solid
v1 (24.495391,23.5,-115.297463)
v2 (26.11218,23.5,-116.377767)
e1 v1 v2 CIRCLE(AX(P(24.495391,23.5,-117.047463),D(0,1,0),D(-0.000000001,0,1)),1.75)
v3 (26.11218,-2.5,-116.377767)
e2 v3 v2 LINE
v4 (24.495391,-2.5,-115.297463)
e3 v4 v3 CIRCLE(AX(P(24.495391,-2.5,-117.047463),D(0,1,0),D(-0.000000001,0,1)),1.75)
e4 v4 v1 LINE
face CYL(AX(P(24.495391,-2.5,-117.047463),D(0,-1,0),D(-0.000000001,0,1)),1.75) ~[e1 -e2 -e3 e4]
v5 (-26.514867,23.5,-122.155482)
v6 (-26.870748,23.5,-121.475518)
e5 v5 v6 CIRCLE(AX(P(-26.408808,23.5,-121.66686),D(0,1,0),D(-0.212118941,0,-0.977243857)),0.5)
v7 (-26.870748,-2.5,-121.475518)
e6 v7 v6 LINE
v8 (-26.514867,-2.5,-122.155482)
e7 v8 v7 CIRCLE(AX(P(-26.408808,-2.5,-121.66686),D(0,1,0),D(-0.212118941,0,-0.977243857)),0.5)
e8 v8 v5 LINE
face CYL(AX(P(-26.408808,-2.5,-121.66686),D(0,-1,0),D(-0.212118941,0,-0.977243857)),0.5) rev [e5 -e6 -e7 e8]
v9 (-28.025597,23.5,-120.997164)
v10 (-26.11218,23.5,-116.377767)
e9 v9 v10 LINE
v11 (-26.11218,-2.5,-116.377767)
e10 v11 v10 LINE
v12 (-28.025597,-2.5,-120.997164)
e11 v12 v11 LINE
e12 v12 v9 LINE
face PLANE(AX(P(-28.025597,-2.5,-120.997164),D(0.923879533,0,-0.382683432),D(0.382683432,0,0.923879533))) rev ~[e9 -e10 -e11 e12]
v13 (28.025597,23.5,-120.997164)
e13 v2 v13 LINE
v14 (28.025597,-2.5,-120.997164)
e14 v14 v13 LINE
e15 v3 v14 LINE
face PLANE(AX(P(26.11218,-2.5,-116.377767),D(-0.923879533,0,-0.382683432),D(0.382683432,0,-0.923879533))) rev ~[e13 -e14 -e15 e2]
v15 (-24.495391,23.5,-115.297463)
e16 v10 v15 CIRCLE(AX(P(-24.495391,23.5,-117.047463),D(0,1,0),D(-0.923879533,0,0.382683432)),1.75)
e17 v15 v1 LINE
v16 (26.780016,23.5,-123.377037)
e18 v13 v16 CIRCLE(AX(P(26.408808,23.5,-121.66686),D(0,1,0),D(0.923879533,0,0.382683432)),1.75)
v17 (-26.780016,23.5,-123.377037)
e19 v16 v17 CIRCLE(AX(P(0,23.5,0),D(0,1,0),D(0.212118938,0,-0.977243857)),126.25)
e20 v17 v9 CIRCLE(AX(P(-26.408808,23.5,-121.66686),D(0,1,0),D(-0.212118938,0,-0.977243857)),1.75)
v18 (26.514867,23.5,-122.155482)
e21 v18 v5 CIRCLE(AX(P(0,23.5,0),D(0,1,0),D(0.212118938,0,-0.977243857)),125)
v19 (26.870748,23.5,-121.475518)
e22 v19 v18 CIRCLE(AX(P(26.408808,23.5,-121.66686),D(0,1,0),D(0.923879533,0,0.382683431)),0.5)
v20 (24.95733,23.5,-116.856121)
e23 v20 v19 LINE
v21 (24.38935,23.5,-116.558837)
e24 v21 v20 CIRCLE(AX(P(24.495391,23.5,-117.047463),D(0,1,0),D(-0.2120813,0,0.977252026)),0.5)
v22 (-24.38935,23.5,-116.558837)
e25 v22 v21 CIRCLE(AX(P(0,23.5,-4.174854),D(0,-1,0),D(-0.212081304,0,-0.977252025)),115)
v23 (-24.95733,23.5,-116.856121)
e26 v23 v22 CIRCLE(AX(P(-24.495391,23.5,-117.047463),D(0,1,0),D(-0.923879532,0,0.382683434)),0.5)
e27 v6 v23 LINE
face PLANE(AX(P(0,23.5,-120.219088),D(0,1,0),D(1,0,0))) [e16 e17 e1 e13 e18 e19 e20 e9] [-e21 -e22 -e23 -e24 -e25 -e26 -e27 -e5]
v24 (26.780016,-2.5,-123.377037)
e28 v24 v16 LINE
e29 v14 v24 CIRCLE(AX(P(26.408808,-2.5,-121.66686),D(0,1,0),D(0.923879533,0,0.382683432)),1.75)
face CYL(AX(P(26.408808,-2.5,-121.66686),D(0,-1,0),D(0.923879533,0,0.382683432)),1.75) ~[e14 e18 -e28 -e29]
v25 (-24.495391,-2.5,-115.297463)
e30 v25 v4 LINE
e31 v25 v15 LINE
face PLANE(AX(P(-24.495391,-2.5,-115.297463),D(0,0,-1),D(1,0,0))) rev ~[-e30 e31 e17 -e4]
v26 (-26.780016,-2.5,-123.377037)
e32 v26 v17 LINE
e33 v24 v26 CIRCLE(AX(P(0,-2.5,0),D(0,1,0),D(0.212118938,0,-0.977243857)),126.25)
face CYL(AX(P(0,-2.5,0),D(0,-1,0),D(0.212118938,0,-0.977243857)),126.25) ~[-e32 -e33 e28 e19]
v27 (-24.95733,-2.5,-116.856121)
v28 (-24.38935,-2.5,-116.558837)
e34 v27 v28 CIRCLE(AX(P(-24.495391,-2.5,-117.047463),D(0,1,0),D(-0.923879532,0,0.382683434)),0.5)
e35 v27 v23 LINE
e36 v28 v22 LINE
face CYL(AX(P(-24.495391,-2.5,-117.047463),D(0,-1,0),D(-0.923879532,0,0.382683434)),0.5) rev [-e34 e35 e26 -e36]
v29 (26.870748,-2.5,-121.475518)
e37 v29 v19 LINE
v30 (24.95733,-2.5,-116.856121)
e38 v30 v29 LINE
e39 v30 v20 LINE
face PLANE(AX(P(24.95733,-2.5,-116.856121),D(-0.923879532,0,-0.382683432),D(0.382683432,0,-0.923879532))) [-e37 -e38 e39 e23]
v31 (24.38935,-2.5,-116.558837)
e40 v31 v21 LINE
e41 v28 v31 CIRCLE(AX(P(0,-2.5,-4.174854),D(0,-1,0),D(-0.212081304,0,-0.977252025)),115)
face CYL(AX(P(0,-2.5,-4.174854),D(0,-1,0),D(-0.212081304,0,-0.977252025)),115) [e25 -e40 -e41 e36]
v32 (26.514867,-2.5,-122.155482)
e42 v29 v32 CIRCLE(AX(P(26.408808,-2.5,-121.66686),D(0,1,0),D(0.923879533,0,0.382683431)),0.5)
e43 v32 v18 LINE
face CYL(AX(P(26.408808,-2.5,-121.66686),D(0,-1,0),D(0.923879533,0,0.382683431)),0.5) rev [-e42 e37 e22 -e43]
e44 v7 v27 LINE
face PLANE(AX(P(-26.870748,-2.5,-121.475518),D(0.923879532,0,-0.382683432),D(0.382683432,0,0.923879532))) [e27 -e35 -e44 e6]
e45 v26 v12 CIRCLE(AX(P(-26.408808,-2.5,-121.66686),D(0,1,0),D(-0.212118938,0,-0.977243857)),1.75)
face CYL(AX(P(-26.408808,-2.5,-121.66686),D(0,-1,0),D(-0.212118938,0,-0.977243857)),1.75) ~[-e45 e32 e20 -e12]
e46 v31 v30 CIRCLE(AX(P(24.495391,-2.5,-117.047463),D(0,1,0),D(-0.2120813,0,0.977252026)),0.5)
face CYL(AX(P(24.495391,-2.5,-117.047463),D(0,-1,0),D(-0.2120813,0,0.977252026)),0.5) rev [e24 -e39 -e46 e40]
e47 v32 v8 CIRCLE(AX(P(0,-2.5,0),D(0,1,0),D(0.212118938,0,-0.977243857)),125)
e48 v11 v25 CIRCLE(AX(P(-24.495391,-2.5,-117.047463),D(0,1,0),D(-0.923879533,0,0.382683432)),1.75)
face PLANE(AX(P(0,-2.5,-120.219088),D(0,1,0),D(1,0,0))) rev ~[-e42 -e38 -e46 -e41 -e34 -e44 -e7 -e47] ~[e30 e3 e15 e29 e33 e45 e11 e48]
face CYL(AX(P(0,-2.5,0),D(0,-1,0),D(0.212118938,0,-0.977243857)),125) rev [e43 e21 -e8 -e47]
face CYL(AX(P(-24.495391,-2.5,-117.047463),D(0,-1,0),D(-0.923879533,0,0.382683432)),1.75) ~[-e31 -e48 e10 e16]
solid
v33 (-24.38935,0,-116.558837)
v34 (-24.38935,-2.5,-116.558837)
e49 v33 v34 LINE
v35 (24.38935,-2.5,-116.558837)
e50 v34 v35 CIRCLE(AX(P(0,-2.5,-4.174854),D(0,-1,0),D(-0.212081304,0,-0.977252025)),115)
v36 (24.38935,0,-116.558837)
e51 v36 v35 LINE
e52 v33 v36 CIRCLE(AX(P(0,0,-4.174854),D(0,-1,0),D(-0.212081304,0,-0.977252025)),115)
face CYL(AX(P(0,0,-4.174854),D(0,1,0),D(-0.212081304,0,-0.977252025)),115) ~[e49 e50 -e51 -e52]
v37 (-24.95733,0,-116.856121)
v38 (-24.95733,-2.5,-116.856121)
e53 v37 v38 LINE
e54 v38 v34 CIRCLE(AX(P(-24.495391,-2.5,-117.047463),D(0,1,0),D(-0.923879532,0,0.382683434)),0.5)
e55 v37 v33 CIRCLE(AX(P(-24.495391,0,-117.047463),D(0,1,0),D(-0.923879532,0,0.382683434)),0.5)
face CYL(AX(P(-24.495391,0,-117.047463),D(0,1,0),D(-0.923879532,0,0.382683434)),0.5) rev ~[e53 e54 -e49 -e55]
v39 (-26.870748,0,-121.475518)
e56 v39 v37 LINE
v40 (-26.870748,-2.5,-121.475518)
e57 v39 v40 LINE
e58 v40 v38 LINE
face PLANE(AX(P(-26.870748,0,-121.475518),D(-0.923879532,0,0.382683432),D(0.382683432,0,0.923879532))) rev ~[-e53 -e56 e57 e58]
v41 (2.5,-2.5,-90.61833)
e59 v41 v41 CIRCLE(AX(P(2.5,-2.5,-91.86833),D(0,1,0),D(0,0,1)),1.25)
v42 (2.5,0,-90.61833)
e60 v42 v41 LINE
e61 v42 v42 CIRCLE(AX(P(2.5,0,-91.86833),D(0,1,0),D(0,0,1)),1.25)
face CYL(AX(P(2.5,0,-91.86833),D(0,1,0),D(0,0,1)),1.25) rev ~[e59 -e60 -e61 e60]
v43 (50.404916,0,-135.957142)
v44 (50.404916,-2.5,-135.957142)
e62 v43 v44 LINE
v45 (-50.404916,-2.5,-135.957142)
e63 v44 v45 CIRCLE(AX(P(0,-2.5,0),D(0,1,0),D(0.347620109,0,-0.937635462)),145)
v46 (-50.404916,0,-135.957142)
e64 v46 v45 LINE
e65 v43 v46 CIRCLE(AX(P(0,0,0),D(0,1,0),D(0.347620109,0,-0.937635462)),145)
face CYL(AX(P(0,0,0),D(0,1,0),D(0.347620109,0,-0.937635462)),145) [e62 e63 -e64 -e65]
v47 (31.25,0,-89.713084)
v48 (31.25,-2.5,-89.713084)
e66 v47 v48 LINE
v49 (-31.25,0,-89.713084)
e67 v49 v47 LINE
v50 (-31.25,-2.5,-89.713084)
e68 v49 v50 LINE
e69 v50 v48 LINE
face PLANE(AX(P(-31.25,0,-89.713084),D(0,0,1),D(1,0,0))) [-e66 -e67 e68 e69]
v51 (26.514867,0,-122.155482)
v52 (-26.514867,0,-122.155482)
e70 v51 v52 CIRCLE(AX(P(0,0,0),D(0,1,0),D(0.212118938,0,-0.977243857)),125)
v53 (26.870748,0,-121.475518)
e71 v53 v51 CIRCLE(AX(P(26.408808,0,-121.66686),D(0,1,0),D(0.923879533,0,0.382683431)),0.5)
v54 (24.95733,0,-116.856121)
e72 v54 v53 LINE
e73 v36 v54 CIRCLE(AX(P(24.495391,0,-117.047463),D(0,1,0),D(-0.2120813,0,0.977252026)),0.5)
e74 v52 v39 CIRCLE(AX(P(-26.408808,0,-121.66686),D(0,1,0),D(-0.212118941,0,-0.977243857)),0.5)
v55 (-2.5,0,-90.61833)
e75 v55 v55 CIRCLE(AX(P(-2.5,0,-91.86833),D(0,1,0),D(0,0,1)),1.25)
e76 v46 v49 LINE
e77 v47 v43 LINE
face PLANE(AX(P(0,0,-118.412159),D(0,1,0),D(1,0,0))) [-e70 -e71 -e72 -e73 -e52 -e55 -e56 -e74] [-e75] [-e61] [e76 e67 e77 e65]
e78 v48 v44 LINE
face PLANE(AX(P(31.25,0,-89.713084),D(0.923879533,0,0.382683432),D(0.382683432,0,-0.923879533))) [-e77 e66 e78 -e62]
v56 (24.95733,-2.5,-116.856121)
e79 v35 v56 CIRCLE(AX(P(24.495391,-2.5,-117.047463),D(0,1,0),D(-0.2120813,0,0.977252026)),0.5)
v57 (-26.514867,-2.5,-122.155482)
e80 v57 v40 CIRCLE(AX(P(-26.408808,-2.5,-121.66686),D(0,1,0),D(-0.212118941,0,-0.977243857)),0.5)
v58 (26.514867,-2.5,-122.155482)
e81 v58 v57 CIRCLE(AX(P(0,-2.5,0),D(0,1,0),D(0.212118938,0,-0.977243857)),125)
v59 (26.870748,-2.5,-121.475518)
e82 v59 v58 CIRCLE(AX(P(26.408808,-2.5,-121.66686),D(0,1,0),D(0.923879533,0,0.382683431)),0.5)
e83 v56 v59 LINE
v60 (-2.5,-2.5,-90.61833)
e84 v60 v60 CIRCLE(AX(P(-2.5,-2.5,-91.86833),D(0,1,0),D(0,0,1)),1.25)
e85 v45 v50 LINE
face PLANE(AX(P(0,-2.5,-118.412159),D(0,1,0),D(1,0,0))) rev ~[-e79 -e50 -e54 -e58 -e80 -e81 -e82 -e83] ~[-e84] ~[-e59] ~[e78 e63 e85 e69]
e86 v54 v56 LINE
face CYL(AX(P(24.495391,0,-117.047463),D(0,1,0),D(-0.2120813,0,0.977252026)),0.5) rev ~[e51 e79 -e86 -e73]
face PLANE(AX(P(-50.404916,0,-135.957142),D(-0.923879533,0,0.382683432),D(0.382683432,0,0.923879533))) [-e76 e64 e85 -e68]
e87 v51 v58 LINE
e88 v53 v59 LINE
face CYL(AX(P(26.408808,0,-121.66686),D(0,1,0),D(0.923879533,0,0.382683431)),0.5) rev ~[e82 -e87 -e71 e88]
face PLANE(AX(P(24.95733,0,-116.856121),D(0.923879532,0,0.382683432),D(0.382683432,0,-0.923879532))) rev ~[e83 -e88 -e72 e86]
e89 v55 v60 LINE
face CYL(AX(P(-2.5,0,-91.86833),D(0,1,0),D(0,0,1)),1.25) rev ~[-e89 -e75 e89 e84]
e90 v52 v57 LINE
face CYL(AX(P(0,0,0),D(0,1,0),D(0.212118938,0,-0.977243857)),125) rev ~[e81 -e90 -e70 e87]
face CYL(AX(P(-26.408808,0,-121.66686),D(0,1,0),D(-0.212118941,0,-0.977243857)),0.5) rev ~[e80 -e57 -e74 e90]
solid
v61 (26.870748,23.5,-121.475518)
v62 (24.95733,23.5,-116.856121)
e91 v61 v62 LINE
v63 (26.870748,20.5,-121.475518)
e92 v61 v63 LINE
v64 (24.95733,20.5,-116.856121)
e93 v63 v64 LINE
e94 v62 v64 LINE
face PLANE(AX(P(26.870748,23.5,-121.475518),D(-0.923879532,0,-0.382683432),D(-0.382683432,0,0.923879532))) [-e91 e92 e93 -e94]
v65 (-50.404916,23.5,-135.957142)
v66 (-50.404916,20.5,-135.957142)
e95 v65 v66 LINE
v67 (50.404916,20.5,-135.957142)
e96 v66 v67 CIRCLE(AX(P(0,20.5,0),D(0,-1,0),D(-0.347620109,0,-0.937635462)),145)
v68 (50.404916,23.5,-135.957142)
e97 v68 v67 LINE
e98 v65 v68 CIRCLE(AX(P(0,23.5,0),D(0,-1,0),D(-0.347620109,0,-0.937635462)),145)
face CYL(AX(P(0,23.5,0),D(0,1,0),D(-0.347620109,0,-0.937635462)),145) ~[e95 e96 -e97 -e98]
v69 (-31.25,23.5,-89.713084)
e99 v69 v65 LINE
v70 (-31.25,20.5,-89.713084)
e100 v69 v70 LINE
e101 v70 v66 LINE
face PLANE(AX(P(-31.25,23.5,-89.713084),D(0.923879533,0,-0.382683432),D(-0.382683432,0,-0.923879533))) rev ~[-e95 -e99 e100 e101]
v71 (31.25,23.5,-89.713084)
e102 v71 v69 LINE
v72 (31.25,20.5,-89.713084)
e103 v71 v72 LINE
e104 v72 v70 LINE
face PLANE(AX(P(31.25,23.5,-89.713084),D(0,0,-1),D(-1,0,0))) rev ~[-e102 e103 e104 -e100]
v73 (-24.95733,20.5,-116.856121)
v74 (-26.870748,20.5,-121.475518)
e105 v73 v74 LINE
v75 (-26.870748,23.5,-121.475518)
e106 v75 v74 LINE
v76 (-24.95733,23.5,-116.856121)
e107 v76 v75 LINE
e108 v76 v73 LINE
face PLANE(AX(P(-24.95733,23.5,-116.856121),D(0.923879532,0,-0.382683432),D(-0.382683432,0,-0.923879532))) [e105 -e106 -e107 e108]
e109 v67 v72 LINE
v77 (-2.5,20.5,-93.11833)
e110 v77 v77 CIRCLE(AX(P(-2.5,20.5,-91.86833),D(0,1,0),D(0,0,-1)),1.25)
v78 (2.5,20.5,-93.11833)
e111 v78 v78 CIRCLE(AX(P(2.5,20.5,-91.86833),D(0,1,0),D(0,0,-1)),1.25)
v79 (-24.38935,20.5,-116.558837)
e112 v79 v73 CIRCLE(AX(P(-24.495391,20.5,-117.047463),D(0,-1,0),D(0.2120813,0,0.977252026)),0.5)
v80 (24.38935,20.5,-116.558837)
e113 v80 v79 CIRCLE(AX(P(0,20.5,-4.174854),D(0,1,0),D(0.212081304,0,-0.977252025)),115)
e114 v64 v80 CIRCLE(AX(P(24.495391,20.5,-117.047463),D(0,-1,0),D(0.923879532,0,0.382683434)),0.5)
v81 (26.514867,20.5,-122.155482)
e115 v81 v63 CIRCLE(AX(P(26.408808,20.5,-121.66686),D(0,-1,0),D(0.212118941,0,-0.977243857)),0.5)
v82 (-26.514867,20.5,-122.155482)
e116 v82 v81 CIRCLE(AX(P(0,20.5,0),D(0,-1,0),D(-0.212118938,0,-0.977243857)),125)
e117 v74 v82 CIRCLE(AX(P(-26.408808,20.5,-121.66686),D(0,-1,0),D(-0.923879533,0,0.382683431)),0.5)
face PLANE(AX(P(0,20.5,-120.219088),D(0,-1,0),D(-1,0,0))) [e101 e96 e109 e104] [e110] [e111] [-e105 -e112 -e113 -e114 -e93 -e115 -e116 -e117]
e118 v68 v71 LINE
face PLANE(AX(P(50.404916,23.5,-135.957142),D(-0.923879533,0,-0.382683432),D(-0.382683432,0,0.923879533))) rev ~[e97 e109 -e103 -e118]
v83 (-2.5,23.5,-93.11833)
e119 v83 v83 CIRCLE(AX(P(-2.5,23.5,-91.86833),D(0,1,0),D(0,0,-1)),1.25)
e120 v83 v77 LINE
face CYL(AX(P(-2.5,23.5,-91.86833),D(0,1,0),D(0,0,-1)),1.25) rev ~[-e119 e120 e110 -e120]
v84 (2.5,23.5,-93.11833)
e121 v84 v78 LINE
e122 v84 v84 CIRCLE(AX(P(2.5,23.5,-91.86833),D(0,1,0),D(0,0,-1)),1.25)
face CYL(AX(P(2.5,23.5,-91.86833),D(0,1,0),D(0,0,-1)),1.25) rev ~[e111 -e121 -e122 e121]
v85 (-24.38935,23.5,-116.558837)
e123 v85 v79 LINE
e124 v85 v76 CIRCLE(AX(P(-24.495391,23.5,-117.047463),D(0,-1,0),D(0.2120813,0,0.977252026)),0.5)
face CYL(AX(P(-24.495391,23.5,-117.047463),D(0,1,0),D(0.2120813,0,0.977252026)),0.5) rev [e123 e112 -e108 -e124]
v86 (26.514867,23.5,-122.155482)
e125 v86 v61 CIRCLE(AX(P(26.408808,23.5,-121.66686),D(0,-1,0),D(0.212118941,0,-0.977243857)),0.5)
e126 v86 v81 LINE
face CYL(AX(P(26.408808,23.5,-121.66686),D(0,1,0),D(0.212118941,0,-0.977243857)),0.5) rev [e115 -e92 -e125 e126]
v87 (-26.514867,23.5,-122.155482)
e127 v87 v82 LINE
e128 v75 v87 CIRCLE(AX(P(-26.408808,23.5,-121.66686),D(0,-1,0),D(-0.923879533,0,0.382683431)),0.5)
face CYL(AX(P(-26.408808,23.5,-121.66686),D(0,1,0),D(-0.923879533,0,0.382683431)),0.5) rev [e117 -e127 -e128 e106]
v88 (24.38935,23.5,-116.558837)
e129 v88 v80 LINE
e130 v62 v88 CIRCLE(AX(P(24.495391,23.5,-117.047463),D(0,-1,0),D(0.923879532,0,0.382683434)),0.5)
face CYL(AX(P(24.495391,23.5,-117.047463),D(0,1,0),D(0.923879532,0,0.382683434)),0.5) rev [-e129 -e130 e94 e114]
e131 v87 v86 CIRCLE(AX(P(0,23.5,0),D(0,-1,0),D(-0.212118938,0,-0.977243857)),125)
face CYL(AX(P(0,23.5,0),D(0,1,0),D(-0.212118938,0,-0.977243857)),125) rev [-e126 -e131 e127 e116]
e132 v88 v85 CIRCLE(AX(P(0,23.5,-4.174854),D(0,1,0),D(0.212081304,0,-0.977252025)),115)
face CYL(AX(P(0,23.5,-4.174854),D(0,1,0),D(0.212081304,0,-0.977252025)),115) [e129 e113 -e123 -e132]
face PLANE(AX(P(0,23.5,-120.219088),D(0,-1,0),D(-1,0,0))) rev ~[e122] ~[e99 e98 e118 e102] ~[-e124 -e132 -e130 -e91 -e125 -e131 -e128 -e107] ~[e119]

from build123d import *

# Parameters (mm, degrees)
SKETCH1_R           = 1.25
BOSS_EXTRUDE1_DEPTH = 2.5
BOSS_EXTRUDE2_START = -2.5
BOSS_EXTRUDE2_DEPTH = 26
BOSS_EXTRUDE3_START = 23.5
SKETCH1_4_R         = 1.25
BOSS_EXTRUDE3_DEPTH = 3


with BuildPart() as part:
    # Sketch1 → Boss-Extrude1 (new body)
    with BuildSketch(Plane(origin=(0, 0, 0), x_dir=(1, 0, 0), z_dir=(0, 1, 0))):
        with BuildLine():
            Line((-50.40491586, 135.957141986), (-31.25, 89.71308433))
            Line((-31.25, 89.71308433), (31.25, 89.71308433))
            Line((31.25, 89.71308433), (50.40491586, 135.957141986))
            ThreePointArc((50.40491586, 135.957141986), (0, 145), (-50.40491586, 135.957141986))
        make_face()
        with Locations(Location((-2.5, 91.868329805, 0), (0, 0, 270))):
            Circle(SKETCH1_R, mode=Mode.SUBTRACT)
        with Locations(Location((2.5, 91.868329805, 0), (0, 0, 270))):
            Circle(SKETCH1_R, mode=Mode.SUBTRACT)
        with BuildLine():
            Line((-26.870747539, 121.475518488), (-24.957330377, 116.856120826))
            ThreePointArc((-24.957330377, 116.856120826), (-24.727253788, 116.604473302), (-24.389349959, 116.558836529))
            ThreePointArc((-24.389349959, 116.558836529), (0, 119.174853647), (24.389349959, 116.558836529))
            ThreePointArc((24.389349959, 116.558836529), (24.727253788, 116.604473302), (24.957330377, 116.856120826))
            Line((24.957330377, 116.856120826), (26.870747539, 121.475518488))
            ThreePointArc((26.870747539, 121.475518488), (26.851801477, 121.898714852), (26.514867242, 122.155482133))
            ThreePointArc((26.514867242, 122.155482133), (0, 125), (-26.514867242, 122.155482133))
            ThreePointArc((-26.514867242, 122.155482133), (-26.851801477, 121.898714852), (-26.870747539, 121.475518488))
        make_face(mode=Mode.SUBTRACT)
    extrude(amount=-BOSS_EXTRUDE1_DEPTH)


with BuildPart() as body_2:
    # Sketch1<3> → Boss-Extrude2 (new body)
    with BuildSketch(Plane(origin=(0, 0, 0), x_dir=(1, 0, 0), z_dir=(0, 1, 0)).offset(BOSS_EXTRUDE2_START)):
        with BuildLine():
            Line((-28.025596955, 120.997164198), (-26.112179793, 116.377766535))
            ThreePointArc((-26.112179793, 116.377766535), (-25.467638519, 115.59239072), (-24.495390611, 115.297462542))
            Line((-24.495390611, 115.297462542), (24.495390611, 115.297462542))
            ThreePointArc((24.495390611, 115.297462542), (25.467638519, 115.59239072), (26.112179793, 116.377766535))
            Line((26.112179793, 116.377766535), (28.025596955, 120.997164198))
            ThreePointArc((28.025596955, 120.997164198), (27.959285739, 122.478351471), (26.780015914, 123.377036954))
            ThreePointArc((26.780015914, 123.377036954), (0, 126.25), (-26.780015914, 123.377036954))
            ThreePointArc((-26.780015914, 123.377036954), (-27.959285739, 122.478351471), (-28.025596955, 120.997164198))
        make_face()
        with BuildLine():
            Line((-26.870747539, 121.475518488), (-24.957330377, 116.856120826))
            ThreePointArc((-24.957330377, 116.856120826), (-24.727253788, 116.604473302), (-24.389349959, 116.558836529))
            ThreePointArc((-24.389349959, 116.558836529), (0, 119.174853647), (24.389349959, 116.558836529))
            ThreePointArc((24.389349959, 116.558836529), (24.727253788, 116.604473302), (24.957330377, 116.856120826))
            Line((24.957330377, 116.856120826), (26.870747539, 121.475518488))
            ThreePointArc((26.870747539, 121.475518488), (26.851801477, 121.898714852), (26.514867242, 122.155482133))
            ThreePointArc((26.514867242, 122.155482133), (0, 125), (-26.514867242, 122.155482133))
            ThreePointArc((-26.514867242, 122.155482133), (-26.851801477, 121.898714852), (-26.870747539, 121.475518488))
        make_face(mode=Mode.SUBTRACT)
    extrude(amount=BOSS_EXTRUDE2_DEPTH)


with BuildPart() as body_3:
    # Sketch1<4> → Boss-Extrude3 (new body)
    # profile 1 of 2: a face of its own
    with BuildSketch(Plane(origin=(0, 0, 0), x_dir=(1, 0, 0), z_dir=(0, 1, 0)).offset(BOSS_EXTRUDE3_START)):
        with BuildLine():
            ThreePointArc((-50.40491586, 135.957141986), (0, 145), (50.40491586, 135.957141986))
            Line((50.40491586, 135.957141986), (31.25, 89.71308433))
            Line((31.25, 89.71308433), (-31.25, 89.71308433))
            Line((-31.25, 89.71308433), (-50.40491586, 135.957141986))
        make_face()
        with Locations(Location((2.5, 91.868329805, 0), (0, 0, 90))):
            Circle(SKETCH1_4_R, mode=Mode.SUBTRACT)
        with Locations(Location((-2.5, 91.868329805, 0), (0, 0, 90))):
            Circle(SKETCH1_4_R, mode=Mode.SUBTRACT)
        with BuildLine():
            Line((-28.025596955, 120.997164198), (-26.112179793, 116.377766535))
            ThreePointArc((-26.112179793, 116.377766535), (-25.467638519, 115.59239072), (-24.495390611, 115.297462542))
            Line((-24.495390611, 115.297462542), (24.495390611, 115.297462542))
            ThreePointArc((24.495390611, 115.297462542), (25.467638519, 115.59239072), (26.112179793, 116.377766535))
            Line((26.112179793, 116.377766535), (28.025596955, 120.997164198))
            ThreePointArc((28.025596955, 120.997164198), (27.959285739, 122.478351471), (26.780015914, 123.377036954))
            ThreePointArc((26.780015914, 123.377036954), (0, 126.25), (-26.780015914, 123.377036954))
            ThreePointArc((-26.780015914, 123.377036954), (-27.959285739, 122.478351471), (-28.025596955, 120.997164198))
        make_face(mode=Mode.SUBTRACT)
    # profile 2 of 2: a face of its own
    with BuildSketch(Plane(origin=(0, 0, 0), x_dir=(1, 0, 0), z_dir=(0, 1, 0)).offset(BOSS_EXTRUDE3_START)):
        with BuildLine():
            ThreePointArc((-28.025596955, 120.997164198), (-27.959285739, 122.478351471), (-26.780015914, 123.377036954))
            ThreePointArc((-26.780015914, 123.377036954), (0, 126.25), (26.780015914, 123.377036954))
            ThreePointArc((26.780015914, 123.377036954), (27.959285739, 122.478351471), (28.025596955, 120.997164198))
            Line((28.025596955, 120.997164198), (26.112179793, 116.377766535))
            ThreePointArc((26.112179793, 116.377766535), (25.467638519, 115.59239072), (24.495390611, 115.297462542))
            Line((24.495390611, 115.297462542), (-24.495390611, 115.297462542))
            ThreePointArc((-24.495390611, 115.297462542), (-25.467638519, 115.59239072), (-26.112179793, 116.377766535))
            Line((-26.112179793, 116.377766535), (-28.025596955, 120.997164198))
        make_face()
        with BuildLine():
            Line((26.870747539, 121.475518488), (24.957330377, 116.856120826))
            ThreePointArc((24.957330377, 116.856120826), (24.727253788, 116.604473302), (24.389349959, 116.558836529))
            ThreePointArc((24.389349959, 116.558836529), (0, 119.174853647), (-24.389349959, 116.558836529))
            ThreePointArc((-24.389349959, 116.558836529), (-24.727253788, 116.604473302), (-24.957330377, 116.856120826))
            Line((-24.957330377, 116.856120826), (-26.870747539, 121.475518488))
            ThreePointArc((-26.870747539, 121.475518488), (-26.851801477, 121.898714852), (-26.514867242, 122.155482133))
            ThreePointArc((-26.514867242, 122.155482133), (0, 125), (26.514867242, 122.155482133))
            ThreePointArc((26.514867242, 122.155482133), (26.851801477, 121.898714852), (26.870747539, 121.475518488))
        make_face(mode=Mode.SUBTRACT)
    extrude(amount=-BOSS_EXTRUDE3_DEPTH)


solid = Compound([part.part, body_2.part, body_3.part])
